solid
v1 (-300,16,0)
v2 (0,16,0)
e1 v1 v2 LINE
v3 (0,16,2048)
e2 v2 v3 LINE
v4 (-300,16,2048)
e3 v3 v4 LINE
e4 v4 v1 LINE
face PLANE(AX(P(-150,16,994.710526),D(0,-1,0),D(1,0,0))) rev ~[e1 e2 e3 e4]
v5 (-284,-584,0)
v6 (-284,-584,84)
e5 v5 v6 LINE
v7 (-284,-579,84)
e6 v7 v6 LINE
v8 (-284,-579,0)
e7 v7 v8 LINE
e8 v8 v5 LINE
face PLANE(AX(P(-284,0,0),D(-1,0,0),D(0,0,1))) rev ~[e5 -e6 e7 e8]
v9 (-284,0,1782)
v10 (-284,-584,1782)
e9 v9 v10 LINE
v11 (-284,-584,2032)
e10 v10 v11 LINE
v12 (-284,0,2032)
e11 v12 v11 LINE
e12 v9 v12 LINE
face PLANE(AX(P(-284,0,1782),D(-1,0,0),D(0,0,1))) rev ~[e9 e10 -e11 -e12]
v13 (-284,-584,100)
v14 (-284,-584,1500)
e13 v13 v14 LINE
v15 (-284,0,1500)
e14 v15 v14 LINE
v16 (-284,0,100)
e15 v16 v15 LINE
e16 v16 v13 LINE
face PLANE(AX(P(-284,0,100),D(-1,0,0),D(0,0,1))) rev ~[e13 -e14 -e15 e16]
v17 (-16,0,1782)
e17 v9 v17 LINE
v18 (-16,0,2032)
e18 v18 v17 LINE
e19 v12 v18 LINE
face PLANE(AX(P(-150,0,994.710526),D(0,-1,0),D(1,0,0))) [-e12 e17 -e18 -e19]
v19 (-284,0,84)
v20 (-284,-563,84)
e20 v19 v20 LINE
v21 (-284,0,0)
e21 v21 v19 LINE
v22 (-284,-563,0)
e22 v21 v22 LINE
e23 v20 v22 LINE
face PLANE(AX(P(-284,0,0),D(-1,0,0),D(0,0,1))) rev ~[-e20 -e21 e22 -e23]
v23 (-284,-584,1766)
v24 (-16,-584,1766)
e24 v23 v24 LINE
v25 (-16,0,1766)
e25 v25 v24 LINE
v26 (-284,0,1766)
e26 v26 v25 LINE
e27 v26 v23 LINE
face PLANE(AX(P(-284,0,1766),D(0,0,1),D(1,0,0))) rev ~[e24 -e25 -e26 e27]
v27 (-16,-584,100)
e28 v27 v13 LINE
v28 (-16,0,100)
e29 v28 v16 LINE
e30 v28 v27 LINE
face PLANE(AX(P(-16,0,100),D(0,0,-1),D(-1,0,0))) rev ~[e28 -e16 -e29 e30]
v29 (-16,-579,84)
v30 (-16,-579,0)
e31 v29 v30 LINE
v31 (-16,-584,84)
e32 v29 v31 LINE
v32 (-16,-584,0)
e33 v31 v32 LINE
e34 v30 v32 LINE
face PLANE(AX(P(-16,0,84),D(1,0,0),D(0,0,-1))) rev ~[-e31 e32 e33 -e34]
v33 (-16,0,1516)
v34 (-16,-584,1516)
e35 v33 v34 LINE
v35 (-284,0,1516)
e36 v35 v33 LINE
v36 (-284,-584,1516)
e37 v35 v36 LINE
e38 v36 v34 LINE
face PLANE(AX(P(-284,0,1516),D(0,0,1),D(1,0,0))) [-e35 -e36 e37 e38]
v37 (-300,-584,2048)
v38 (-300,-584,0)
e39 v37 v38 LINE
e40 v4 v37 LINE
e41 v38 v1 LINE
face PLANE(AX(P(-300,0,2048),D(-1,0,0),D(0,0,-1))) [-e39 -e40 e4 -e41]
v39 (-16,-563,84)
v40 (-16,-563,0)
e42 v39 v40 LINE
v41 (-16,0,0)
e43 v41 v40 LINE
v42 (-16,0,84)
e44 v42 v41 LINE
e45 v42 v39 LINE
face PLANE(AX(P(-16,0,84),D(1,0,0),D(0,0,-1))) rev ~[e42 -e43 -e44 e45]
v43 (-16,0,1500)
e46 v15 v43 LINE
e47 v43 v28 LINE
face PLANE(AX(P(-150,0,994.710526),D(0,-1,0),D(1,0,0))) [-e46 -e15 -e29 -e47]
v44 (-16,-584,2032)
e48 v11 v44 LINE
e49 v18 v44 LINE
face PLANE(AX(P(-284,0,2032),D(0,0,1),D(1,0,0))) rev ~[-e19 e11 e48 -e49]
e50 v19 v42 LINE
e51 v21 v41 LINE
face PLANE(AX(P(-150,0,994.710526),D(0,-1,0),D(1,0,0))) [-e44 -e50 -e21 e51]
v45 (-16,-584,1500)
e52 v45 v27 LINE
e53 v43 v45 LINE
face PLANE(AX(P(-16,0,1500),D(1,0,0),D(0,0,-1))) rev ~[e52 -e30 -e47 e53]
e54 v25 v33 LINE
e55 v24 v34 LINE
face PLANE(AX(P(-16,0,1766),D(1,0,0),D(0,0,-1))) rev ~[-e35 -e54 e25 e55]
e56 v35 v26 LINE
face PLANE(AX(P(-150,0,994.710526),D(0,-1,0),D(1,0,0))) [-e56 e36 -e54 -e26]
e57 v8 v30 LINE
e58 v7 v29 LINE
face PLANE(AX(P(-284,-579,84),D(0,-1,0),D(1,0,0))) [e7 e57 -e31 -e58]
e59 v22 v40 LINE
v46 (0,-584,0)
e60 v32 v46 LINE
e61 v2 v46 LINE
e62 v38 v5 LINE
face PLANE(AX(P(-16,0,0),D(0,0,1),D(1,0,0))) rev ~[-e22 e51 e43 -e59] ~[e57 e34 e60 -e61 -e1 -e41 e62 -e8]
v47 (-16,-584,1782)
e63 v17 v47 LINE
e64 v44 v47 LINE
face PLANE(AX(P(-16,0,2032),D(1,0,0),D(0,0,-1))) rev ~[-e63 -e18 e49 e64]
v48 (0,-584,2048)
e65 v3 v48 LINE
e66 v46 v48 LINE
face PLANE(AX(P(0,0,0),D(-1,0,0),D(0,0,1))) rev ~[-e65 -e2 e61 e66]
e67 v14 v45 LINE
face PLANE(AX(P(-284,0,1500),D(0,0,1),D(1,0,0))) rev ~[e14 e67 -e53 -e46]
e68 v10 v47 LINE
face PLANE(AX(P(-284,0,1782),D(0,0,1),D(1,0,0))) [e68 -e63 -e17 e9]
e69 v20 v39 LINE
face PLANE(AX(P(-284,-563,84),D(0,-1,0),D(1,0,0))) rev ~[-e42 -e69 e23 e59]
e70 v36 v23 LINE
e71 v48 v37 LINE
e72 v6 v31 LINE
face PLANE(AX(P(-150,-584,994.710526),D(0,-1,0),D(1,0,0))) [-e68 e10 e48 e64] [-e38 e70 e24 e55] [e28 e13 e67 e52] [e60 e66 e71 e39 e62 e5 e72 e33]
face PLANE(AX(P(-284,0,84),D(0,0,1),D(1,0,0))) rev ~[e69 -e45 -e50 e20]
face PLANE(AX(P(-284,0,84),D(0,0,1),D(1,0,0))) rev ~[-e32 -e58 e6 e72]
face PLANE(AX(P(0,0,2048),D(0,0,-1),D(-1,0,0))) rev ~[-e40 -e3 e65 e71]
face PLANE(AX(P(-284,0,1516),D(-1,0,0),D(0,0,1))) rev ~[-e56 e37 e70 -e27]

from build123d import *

# Parameters (mm, degrees)
F0_W     = 268
F0_H     = 84
F0_H_2   = 1400
F0_H_3   = 16
F0_H_4   = 250
F1_DEPTH = 16
F2_DEPTH = 584
F3_W     = 268
F3_H     = 16
F4_DEPTH = 84


with BuildPart() as f1:
    # F0 (on Front) → F1 (new body)
    with BuildSketch(Plane.XZ):
        Polygon((-16, 0), (0, 0), (0, 2048), (-300, 2048), (-300, 0), (-284, 0), (-284, 84), (-16, 84), align=None)
        Polygon((-16, 100), (-284, 100), (-284, 1500), (-284, 1516), (-284, 1766), (-284, 1782), (-284, 2032), (-16, 2032), (-16, 1782), (-16, 1766), (-16, 1516), (-16, 1500), align=None, mode=Mode.SUBTRACT)
        with Locations((-150, 42)):
            Rectangle(F0_W, F0_H)
        with Locations((-150, 800)):
            Rectangle(F0_W, F0_H_2)
        with Locations((-150, 1508)):
            Rectangle(F0_W, F0_H_3)
        with Locations((-150, 1641)):
            Rectangle(F0_W, F0_H_4)
        with Locations((-150, 1774)):
            Rectangle(F0_W, F0_H_3)
        with Locations((-150, 1907)):
            Rectangle(F0_W, F0_H_4)
    extrude(amount=-F1_DEPTH)

    # F0 (on Front) → F2 (join)
    with BuildSketch(Plane.XZ):
        Polygon((-16, 0), (0, 0), (0, 2048), (-300, 2048), (-300, 0), (-284, 0), (-284, 84), (-16, 84), align=None)
        Polygon((-16, 100), (-284, 100), (-284, 1500), (-284, 1516), (-284, 1766), (-284, 1782), (-284, 2032), (-16, 2032), (-16, 1782), (-16, 1766), (-16, 1516), (-16, 1500), align=None, mode=Mode.SUBTRACT)
        with Locations((-150, 1508)):
            Rectangle(F0_W, F0_H_3)
        with Locations((-150, 1774)):
            Rectangle(F0_W, F0_H_3)
    extrude(amount=F2_DEPTH)

    # F3 (on face) → F4 (join, through all)
    with BuildSketch(Plane(origin=(0, 0, 84), x_dir=(1, 0, 0), z_dir=(0, 0, -1))):
        with Locations((-150, 571)):
            Rectangle(F3_W, F3_H)
    extrude(amount=F4_DEPTH)


solid = f1.part
